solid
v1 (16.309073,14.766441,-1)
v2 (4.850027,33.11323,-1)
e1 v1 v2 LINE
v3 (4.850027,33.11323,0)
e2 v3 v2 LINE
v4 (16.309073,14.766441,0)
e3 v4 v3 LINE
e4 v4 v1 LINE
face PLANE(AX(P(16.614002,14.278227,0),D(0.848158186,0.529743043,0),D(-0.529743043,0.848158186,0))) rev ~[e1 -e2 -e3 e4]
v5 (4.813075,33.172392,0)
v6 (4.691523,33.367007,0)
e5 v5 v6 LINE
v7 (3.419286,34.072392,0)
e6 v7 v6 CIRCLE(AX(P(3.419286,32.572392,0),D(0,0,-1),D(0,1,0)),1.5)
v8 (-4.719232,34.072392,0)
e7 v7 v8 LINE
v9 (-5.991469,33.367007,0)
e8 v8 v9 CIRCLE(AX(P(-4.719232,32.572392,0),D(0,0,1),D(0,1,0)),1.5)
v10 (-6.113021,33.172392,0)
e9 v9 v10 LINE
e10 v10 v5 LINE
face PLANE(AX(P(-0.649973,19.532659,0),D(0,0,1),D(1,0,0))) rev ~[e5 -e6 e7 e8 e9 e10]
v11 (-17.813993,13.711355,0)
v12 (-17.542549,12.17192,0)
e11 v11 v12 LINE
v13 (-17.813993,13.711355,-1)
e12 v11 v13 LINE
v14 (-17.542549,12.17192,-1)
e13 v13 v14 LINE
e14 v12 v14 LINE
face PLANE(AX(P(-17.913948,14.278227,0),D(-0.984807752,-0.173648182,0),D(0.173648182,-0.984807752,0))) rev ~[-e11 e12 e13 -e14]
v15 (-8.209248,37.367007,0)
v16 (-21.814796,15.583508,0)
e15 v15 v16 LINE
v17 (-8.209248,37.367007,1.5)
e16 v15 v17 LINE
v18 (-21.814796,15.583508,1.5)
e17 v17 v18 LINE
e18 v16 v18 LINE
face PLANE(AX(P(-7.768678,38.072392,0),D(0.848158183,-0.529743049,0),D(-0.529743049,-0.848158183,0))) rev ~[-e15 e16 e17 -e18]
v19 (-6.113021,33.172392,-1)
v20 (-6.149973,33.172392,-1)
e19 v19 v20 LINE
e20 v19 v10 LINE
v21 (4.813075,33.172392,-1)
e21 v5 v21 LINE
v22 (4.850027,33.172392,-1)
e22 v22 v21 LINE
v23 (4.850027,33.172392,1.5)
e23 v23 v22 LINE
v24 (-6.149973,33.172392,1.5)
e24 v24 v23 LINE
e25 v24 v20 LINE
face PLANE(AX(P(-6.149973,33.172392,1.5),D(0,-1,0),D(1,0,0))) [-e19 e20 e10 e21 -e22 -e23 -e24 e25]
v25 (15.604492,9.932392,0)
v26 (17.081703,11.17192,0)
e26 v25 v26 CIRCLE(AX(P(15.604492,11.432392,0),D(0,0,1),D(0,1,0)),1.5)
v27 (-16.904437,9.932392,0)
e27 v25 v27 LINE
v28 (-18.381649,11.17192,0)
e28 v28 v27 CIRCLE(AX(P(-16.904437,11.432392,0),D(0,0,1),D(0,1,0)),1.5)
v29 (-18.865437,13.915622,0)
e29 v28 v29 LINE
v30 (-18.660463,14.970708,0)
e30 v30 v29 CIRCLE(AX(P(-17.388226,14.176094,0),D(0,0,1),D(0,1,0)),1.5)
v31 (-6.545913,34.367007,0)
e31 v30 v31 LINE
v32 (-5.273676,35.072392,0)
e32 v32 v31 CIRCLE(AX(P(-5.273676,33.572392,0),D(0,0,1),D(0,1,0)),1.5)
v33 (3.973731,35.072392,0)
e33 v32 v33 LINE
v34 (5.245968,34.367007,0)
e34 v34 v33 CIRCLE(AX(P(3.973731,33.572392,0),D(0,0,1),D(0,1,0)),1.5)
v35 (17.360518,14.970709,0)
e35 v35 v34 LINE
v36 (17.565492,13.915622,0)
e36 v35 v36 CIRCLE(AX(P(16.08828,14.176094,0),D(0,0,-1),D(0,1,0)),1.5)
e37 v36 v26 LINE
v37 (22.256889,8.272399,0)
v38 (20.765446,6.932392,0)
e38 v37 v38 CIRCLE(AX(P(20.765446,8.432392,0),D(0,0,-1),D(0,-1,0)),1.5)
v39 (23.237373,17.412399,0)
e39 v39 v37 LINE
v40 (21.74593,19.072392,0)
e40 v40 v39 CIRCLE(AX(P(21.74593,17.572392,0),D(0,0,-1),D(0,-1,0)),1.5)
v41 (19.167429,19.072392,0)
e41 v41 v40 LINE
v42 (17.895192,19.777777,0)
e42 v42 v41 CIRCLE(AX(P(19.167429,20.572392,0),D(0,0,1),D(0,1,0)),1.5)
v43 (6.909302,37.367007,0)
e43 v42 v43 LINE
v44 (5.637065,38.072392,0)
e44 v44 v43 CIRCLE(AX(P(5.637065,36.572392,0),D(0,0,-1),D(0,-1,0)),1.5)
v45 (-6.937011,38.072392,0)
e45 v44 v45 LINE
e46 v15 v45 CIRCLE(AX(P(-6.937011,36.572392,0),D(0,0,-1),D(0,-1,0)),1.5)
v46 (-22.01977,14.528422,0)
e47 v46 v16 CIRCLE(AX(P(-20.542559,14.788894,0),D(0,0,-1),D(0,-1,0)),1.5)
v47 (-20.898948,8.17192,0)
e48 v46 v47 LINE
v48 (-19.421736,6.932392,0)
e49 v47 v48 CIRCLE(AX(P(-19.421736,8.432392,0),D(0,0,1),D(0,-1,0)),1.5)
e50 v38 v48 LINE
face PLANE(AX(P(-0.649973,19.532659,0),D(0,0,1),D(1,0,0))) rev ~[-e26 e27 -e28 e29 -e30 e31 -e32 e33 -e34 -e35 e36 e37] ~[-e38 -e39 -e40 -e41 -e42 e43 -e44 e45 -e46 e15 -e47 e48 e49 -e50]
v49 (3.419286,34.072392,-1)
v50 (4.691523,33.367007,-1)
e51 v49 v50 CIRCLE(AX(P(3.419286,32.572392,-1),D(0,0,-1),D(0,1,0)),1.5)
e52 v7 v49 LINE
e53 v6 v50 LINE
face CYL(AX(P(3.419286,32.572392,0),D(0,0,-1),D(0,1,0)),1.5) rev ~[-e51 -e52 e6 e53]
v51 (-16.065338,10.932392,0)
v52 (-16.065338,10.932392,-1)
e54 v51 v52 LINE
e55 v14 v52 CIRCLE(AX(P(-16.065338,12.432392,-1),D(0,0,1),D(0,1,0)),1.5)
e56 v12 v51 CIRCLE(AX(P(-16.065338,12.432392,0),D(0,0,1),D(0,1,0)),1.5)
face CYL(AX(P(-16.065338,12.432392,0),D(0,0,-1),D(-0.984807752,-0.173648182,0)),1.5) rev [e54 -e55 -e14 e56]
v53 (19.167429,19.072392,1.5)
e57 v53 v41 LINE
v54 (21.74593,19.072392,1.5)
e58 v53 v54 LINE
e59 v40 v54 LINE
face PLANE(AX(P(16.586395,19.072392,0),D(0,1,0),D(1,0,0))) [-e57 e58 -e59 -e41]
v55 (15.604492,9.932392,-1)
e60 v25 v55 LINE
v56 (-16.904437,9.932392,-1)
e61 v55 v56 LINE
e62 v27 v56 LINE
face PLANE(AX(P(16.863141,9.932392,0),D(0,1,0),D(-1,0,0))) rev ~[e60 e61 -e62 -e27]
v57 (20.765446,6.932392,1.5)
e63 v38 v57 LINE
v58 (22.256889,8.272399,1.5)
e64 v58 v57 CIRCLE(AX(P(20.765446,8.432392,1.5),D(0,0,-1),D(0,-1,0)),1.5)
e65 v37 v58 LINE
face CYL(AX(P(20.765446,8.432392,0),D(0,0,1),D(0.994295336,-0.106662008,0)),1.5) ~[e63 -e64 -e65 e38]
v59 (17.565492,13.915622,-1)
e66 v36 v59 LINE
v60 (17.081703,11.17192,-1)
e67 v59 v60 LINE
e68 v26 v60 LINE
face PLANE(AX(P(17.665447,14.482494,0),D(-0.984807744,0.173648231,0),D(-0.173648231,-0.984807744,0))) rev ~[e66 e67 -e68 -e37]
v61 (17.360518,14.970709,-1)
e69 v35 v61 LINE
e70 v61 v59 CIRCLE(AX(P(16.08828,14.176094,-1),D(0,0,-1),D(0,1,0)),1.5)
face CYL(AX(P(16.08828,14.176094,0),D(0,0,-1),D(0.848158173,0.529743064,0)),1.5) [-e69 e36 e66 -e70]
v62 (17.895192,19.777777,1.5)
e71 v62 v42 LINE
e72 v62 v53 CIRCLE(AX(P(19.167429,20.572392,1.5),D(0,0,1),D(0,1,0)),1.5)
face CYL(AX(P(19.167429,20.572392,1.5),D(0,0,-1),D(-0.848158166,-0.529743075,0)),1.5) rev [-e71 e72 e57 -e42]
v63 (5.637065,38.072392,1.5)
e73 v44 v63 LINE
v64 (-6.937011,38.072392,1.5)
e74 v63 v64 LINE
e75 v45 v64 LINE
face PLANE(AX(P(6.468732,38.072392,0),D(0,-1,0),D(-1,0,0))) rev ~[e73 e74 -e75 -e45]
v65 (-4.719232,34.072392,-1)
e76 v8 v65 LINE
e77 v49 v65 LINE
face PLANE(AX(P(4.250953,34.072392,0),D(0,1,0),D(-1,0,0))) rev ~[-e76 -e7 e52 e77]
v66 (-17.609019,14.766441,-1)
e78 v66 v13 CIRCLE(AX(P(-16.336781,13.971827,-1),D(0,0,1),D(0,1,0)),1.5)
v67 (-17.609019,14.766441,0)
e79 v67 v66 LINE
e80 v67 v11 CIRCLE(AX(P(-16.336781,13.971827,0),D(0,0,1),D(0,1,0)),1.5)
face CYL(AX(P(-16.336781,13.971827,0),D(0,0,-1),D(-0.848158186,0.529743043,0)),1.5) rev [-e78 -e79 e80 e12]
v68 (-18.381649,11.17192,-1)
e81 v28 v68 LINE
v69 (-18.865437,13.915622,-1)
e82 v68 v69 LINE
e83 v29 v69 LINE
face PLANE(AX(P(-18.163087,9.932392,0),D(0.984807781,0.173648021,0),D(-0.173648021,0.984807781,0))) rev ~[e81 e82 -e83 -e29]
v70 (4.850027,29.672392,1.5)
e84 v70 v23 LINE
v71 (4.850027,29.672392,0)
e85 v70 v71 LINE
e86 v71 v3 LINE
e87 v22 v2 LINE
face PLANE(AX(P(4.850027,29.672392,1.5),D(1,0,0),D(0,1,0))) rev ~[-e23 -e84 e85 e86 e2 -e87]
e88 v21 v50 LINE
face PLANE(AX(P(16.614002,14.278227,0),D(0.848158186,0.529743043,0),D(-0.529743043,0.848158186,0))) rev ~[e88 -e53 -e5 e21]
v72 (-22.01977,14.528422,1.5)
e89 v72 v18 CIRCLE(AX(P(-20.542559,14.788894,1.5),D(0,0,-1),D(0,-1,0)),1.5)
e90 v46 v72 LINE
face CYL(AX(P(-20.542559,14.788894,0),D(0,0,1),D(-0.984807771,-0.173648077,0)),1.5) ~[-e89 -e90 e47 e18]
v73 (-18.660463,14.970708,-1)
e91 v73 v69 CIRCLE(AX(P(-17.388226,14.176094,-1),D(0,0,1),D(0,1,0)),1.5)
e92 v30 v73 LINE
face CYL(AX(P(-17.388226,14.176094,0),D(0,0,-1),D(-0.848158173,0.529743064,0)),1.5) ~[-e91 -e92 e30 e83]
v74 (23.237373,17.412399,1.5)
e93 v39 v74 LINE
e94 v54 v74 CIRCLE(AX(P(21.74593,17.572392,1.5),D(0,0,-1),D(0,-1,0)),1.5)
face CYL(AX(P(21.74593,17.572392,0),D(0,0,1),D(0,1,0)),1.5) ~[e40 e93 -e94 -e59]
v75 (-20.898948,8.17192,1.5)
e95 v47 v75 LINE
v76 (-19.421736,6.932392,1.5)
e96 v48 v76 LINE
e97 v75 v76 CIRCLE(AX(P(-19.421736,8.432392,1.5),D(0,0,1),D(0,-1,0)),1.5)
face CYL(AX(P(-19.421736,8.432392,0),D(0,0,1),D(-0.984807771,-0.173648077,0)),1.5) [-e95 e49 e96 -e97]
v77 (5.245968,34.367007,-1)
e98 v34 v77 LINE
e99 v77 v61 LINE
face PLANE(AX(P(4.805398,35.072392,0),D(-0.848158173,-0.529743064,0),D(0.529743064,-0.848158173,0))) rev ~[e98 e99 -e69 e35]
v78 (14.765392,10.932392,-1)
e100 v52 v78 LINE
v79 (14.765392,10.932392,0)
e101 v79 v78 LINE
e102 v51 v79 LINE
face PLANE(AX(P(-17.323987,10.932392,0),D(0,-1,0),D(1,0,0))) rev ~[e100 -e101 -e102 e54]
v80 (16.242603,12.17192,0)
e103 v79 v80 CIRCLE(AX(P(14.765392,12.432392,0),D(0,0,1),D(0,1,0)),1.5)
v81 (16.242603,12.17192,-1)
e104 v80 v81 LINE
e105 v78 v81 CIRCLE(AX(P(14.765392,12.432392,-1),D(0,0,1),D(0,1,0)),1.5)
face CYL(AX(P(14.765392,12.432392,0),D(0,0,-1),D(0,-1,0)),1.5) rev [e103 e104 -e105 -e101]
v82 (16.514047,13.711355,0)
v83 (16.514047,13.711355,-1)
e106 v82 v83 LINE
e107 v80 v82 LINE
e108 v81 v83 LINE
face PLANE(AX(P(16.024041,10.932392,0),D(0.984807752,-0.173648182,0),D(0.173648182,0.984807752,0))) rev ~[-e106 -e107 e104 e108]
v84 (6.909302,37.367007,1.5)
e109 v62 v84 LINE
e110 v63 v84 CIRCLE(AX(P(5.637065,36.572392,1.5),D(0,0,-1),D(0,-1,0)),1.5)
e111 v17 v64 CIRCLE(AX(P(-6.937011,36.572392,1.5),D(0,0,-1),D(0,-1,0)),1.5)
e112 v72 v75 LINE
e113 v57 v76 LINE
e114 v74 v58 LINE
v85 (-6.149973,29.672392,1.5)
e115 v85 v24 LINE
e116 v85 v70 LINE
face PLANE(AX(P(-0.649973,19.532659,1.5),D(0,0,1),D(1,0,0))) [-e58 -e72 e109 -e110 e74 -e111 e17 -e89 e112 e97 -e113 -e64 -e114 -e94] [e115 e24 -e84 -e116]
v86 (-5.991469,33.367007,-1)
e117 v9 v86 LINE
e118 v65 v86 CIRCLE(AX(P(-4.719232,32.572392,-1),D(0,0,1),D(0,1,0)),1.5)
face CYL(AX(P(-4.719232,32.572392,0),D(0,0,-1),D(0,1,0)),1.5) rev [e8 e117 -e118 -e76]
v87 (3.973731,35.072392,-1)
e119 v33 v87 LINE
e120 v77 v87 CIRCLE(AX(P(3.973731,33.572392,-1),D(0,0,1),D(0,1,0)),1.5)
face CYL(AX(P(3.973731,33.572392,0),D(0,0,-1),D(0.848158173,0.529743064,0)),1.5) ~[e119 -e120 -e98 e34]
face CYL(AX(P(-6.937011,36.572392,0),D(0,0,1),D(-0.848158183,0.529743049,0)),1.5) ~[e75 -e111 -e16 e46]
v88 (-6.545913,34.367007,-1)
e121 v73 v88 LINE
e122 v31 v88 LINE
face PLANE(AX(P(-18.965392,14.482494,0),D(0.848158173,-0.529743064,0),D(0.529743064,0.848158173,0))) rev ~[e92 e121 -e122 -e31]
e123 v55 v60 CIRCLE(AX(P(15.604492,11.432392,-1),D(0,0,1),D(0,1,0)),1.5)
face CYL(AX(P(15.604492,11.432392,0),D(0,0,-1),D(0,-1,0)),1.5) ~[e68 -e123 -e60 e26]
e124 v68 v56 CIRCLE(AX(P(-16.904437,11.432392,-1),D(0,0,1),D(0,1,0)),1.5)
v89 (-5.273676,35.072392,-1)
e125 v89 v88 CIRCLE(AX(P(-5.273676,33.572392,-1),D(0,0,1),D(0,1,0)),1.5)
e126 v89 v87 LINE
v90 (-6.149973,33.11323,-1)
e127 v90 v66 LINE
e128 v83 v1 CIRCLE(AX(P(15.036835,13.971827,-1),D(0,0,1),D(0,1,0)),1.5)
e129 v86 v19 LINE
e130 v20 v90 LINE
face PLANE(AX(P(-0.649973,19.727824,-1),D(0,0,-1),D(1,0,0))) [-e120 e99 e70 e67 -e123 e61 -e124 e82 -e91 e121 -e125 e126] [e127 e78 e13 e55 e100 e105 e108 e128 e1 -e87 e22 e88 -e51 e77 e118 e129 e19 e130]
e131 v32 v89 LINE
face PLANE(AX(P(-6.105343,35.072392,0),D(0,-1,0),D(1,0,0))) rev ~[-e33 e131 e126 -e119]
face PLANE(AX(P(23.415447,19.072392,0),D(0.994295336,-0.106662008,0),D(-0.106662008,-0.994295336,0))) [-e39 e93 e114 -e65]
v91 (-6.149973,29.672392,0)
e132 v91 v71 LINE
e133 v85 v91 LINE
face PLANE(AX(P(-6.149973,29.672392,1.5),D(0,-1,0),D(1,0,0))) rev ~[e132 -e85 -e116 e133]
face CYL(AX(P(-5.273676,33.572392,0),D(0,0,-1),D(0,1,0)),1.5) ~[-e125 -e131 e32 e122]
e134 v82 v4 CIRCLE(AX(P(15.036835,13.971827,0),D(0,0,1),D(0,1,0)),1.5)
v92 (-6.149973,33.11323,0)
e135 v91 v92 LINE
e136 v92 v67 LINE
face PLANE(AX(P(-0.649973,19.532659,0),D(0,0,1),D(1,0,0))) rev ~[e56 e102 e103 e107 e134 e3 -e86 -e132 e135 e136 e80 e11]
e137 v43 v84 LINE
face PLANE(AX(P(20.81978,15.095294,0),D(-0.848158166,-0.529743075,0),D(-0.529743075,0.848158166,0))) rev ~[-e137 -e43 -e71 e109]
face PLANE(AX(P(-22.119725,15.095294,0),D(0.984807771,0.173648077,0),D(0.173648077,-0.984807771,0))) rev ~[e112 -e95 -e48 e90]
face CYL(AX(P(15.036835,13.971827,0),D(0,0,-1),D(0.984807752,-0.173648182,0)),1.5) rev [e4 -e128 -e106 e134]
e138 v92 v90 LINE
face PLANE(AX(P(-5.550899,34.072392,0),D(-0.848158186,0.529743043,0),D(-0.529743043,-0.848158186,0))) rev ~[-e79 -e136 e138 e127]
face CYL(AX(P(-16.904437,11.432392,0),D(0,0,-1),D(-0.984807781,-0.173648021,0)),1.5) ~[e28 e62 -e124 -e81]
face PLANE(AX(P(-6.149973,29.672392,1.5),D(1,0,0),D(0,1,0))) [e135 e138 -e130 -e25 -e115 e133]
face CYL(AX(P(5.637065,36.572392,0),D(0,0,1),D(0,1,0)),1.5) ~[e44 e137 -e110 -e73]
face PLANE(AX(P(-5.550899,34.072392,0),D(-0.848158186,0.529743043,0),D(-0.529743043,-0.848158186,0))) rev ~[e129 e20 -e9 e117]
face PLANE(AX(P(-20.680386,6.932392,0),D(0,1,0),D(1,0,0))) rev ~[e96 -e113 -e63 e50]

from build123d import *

# Parameters (mm, degrees)
F1_DEPTH = 1.5
F3_DEPTH = 1
F5_DEPTH = 1.5
F6_R     = 1.5
F7_W     = 11
F7_H     = 3.5
F8_DEPTH = 25


with BuildPart() as f1:
    # F0 (on Top) → F1 (new body)
    with BuildSketch(Plane.XY):
        Polygon((6.468732, 38.072392), (-7.768678, 38.072392), (-22.119725, 15.095294), (-20.680386, 6.932392), (19.38044, 6.932392), (20.81978, 15.095294), align=None)
    extrude(amount=F1_DEPTH)

    # F2 (on face) → F3 (join)
    with BuildSketch(Plane(origin=(0, 0, 0), x_dir=(1, 0, 0), z_dir=(0, 0, -1))):
        Polygon((-18.163087, -9.932392), (-18.965392, -14.482494), (-6.105343, -35.072392), (4.805398, -35.072392), (17.665447, -14.482494), (16.863141, -9.932392), align=None)
        Polygon((4.250953, -34.072392), (-5.550899, -34.072392), (-17.913948, -14.278227), (-17.323987, -10.932392), (16.024041, -10.932392), (16.614002, -14.278227), align=None, mode=Mode.SUBTRACT)
    extrude(amount=F3_DEPTH)

    # F4 (on face) → F5 (join)
    with BuildSketch(Plane(origin=(0, 0, 0), x_dir=(1, 0, 0), z_dir=(0, 0, -1))):
        Polygon((16.863141, -6.932392), (16.863141, -9.932392), (16.586395, -19.072392), (23.415447, -19.072392), (22.113141, -6.932392), align=None)
    extrude(amount=-F5_DEPTH)

    # F6
    f6_edges = [f1.edges().sort_by_distance(p)[0] for p in [
        (23.415447, 19.072392, 0.75),
        (18.335762, 19.072392, 0.75),
        (22.113141, 6.932392, 0.75),
        (-20.680386, 6.932392, 0.75),
        (-22.119725, 15.095294, 0.75),
        (-7.768678, 38.072392, 0.75),
        (6.468732, 38.072392, 0.75),
        (4.805398, 35.072392, -0.5),
        (-6.105343, 35.072392, -0.5),
        (-18.965392, 14.482494, -0.5),
        (-18.163087, 9.932392, -0.5),
        (16.863141, 9.932392, -0.5),
        (17.665447, 14.482494, -0.5),
        (-17.323987, 10.932392, -0.5),
        (-17.913948, 14.278227, -0.5),
        (-5.550899, 34.072392, -0.5),
        (4.250953, 34.072392, -0.5),
        (16.024041, 10.932392, -0.5),
        (16.614002, 14.278227, -0.5),
    ]]
    fillet(f6_edges, radius=F6_R)

    # F7 (on face) → F8 (cut)
    with BuildSketch(Plane.XY.offset(1.5)):
        with Locations((-0.649973, 31.422392)):
            Rectangle(F7_W, F7_H)
    extrude(amount=-F8_DEPTH, mode=Mode.SUBTRACT)


solid = f1.part
